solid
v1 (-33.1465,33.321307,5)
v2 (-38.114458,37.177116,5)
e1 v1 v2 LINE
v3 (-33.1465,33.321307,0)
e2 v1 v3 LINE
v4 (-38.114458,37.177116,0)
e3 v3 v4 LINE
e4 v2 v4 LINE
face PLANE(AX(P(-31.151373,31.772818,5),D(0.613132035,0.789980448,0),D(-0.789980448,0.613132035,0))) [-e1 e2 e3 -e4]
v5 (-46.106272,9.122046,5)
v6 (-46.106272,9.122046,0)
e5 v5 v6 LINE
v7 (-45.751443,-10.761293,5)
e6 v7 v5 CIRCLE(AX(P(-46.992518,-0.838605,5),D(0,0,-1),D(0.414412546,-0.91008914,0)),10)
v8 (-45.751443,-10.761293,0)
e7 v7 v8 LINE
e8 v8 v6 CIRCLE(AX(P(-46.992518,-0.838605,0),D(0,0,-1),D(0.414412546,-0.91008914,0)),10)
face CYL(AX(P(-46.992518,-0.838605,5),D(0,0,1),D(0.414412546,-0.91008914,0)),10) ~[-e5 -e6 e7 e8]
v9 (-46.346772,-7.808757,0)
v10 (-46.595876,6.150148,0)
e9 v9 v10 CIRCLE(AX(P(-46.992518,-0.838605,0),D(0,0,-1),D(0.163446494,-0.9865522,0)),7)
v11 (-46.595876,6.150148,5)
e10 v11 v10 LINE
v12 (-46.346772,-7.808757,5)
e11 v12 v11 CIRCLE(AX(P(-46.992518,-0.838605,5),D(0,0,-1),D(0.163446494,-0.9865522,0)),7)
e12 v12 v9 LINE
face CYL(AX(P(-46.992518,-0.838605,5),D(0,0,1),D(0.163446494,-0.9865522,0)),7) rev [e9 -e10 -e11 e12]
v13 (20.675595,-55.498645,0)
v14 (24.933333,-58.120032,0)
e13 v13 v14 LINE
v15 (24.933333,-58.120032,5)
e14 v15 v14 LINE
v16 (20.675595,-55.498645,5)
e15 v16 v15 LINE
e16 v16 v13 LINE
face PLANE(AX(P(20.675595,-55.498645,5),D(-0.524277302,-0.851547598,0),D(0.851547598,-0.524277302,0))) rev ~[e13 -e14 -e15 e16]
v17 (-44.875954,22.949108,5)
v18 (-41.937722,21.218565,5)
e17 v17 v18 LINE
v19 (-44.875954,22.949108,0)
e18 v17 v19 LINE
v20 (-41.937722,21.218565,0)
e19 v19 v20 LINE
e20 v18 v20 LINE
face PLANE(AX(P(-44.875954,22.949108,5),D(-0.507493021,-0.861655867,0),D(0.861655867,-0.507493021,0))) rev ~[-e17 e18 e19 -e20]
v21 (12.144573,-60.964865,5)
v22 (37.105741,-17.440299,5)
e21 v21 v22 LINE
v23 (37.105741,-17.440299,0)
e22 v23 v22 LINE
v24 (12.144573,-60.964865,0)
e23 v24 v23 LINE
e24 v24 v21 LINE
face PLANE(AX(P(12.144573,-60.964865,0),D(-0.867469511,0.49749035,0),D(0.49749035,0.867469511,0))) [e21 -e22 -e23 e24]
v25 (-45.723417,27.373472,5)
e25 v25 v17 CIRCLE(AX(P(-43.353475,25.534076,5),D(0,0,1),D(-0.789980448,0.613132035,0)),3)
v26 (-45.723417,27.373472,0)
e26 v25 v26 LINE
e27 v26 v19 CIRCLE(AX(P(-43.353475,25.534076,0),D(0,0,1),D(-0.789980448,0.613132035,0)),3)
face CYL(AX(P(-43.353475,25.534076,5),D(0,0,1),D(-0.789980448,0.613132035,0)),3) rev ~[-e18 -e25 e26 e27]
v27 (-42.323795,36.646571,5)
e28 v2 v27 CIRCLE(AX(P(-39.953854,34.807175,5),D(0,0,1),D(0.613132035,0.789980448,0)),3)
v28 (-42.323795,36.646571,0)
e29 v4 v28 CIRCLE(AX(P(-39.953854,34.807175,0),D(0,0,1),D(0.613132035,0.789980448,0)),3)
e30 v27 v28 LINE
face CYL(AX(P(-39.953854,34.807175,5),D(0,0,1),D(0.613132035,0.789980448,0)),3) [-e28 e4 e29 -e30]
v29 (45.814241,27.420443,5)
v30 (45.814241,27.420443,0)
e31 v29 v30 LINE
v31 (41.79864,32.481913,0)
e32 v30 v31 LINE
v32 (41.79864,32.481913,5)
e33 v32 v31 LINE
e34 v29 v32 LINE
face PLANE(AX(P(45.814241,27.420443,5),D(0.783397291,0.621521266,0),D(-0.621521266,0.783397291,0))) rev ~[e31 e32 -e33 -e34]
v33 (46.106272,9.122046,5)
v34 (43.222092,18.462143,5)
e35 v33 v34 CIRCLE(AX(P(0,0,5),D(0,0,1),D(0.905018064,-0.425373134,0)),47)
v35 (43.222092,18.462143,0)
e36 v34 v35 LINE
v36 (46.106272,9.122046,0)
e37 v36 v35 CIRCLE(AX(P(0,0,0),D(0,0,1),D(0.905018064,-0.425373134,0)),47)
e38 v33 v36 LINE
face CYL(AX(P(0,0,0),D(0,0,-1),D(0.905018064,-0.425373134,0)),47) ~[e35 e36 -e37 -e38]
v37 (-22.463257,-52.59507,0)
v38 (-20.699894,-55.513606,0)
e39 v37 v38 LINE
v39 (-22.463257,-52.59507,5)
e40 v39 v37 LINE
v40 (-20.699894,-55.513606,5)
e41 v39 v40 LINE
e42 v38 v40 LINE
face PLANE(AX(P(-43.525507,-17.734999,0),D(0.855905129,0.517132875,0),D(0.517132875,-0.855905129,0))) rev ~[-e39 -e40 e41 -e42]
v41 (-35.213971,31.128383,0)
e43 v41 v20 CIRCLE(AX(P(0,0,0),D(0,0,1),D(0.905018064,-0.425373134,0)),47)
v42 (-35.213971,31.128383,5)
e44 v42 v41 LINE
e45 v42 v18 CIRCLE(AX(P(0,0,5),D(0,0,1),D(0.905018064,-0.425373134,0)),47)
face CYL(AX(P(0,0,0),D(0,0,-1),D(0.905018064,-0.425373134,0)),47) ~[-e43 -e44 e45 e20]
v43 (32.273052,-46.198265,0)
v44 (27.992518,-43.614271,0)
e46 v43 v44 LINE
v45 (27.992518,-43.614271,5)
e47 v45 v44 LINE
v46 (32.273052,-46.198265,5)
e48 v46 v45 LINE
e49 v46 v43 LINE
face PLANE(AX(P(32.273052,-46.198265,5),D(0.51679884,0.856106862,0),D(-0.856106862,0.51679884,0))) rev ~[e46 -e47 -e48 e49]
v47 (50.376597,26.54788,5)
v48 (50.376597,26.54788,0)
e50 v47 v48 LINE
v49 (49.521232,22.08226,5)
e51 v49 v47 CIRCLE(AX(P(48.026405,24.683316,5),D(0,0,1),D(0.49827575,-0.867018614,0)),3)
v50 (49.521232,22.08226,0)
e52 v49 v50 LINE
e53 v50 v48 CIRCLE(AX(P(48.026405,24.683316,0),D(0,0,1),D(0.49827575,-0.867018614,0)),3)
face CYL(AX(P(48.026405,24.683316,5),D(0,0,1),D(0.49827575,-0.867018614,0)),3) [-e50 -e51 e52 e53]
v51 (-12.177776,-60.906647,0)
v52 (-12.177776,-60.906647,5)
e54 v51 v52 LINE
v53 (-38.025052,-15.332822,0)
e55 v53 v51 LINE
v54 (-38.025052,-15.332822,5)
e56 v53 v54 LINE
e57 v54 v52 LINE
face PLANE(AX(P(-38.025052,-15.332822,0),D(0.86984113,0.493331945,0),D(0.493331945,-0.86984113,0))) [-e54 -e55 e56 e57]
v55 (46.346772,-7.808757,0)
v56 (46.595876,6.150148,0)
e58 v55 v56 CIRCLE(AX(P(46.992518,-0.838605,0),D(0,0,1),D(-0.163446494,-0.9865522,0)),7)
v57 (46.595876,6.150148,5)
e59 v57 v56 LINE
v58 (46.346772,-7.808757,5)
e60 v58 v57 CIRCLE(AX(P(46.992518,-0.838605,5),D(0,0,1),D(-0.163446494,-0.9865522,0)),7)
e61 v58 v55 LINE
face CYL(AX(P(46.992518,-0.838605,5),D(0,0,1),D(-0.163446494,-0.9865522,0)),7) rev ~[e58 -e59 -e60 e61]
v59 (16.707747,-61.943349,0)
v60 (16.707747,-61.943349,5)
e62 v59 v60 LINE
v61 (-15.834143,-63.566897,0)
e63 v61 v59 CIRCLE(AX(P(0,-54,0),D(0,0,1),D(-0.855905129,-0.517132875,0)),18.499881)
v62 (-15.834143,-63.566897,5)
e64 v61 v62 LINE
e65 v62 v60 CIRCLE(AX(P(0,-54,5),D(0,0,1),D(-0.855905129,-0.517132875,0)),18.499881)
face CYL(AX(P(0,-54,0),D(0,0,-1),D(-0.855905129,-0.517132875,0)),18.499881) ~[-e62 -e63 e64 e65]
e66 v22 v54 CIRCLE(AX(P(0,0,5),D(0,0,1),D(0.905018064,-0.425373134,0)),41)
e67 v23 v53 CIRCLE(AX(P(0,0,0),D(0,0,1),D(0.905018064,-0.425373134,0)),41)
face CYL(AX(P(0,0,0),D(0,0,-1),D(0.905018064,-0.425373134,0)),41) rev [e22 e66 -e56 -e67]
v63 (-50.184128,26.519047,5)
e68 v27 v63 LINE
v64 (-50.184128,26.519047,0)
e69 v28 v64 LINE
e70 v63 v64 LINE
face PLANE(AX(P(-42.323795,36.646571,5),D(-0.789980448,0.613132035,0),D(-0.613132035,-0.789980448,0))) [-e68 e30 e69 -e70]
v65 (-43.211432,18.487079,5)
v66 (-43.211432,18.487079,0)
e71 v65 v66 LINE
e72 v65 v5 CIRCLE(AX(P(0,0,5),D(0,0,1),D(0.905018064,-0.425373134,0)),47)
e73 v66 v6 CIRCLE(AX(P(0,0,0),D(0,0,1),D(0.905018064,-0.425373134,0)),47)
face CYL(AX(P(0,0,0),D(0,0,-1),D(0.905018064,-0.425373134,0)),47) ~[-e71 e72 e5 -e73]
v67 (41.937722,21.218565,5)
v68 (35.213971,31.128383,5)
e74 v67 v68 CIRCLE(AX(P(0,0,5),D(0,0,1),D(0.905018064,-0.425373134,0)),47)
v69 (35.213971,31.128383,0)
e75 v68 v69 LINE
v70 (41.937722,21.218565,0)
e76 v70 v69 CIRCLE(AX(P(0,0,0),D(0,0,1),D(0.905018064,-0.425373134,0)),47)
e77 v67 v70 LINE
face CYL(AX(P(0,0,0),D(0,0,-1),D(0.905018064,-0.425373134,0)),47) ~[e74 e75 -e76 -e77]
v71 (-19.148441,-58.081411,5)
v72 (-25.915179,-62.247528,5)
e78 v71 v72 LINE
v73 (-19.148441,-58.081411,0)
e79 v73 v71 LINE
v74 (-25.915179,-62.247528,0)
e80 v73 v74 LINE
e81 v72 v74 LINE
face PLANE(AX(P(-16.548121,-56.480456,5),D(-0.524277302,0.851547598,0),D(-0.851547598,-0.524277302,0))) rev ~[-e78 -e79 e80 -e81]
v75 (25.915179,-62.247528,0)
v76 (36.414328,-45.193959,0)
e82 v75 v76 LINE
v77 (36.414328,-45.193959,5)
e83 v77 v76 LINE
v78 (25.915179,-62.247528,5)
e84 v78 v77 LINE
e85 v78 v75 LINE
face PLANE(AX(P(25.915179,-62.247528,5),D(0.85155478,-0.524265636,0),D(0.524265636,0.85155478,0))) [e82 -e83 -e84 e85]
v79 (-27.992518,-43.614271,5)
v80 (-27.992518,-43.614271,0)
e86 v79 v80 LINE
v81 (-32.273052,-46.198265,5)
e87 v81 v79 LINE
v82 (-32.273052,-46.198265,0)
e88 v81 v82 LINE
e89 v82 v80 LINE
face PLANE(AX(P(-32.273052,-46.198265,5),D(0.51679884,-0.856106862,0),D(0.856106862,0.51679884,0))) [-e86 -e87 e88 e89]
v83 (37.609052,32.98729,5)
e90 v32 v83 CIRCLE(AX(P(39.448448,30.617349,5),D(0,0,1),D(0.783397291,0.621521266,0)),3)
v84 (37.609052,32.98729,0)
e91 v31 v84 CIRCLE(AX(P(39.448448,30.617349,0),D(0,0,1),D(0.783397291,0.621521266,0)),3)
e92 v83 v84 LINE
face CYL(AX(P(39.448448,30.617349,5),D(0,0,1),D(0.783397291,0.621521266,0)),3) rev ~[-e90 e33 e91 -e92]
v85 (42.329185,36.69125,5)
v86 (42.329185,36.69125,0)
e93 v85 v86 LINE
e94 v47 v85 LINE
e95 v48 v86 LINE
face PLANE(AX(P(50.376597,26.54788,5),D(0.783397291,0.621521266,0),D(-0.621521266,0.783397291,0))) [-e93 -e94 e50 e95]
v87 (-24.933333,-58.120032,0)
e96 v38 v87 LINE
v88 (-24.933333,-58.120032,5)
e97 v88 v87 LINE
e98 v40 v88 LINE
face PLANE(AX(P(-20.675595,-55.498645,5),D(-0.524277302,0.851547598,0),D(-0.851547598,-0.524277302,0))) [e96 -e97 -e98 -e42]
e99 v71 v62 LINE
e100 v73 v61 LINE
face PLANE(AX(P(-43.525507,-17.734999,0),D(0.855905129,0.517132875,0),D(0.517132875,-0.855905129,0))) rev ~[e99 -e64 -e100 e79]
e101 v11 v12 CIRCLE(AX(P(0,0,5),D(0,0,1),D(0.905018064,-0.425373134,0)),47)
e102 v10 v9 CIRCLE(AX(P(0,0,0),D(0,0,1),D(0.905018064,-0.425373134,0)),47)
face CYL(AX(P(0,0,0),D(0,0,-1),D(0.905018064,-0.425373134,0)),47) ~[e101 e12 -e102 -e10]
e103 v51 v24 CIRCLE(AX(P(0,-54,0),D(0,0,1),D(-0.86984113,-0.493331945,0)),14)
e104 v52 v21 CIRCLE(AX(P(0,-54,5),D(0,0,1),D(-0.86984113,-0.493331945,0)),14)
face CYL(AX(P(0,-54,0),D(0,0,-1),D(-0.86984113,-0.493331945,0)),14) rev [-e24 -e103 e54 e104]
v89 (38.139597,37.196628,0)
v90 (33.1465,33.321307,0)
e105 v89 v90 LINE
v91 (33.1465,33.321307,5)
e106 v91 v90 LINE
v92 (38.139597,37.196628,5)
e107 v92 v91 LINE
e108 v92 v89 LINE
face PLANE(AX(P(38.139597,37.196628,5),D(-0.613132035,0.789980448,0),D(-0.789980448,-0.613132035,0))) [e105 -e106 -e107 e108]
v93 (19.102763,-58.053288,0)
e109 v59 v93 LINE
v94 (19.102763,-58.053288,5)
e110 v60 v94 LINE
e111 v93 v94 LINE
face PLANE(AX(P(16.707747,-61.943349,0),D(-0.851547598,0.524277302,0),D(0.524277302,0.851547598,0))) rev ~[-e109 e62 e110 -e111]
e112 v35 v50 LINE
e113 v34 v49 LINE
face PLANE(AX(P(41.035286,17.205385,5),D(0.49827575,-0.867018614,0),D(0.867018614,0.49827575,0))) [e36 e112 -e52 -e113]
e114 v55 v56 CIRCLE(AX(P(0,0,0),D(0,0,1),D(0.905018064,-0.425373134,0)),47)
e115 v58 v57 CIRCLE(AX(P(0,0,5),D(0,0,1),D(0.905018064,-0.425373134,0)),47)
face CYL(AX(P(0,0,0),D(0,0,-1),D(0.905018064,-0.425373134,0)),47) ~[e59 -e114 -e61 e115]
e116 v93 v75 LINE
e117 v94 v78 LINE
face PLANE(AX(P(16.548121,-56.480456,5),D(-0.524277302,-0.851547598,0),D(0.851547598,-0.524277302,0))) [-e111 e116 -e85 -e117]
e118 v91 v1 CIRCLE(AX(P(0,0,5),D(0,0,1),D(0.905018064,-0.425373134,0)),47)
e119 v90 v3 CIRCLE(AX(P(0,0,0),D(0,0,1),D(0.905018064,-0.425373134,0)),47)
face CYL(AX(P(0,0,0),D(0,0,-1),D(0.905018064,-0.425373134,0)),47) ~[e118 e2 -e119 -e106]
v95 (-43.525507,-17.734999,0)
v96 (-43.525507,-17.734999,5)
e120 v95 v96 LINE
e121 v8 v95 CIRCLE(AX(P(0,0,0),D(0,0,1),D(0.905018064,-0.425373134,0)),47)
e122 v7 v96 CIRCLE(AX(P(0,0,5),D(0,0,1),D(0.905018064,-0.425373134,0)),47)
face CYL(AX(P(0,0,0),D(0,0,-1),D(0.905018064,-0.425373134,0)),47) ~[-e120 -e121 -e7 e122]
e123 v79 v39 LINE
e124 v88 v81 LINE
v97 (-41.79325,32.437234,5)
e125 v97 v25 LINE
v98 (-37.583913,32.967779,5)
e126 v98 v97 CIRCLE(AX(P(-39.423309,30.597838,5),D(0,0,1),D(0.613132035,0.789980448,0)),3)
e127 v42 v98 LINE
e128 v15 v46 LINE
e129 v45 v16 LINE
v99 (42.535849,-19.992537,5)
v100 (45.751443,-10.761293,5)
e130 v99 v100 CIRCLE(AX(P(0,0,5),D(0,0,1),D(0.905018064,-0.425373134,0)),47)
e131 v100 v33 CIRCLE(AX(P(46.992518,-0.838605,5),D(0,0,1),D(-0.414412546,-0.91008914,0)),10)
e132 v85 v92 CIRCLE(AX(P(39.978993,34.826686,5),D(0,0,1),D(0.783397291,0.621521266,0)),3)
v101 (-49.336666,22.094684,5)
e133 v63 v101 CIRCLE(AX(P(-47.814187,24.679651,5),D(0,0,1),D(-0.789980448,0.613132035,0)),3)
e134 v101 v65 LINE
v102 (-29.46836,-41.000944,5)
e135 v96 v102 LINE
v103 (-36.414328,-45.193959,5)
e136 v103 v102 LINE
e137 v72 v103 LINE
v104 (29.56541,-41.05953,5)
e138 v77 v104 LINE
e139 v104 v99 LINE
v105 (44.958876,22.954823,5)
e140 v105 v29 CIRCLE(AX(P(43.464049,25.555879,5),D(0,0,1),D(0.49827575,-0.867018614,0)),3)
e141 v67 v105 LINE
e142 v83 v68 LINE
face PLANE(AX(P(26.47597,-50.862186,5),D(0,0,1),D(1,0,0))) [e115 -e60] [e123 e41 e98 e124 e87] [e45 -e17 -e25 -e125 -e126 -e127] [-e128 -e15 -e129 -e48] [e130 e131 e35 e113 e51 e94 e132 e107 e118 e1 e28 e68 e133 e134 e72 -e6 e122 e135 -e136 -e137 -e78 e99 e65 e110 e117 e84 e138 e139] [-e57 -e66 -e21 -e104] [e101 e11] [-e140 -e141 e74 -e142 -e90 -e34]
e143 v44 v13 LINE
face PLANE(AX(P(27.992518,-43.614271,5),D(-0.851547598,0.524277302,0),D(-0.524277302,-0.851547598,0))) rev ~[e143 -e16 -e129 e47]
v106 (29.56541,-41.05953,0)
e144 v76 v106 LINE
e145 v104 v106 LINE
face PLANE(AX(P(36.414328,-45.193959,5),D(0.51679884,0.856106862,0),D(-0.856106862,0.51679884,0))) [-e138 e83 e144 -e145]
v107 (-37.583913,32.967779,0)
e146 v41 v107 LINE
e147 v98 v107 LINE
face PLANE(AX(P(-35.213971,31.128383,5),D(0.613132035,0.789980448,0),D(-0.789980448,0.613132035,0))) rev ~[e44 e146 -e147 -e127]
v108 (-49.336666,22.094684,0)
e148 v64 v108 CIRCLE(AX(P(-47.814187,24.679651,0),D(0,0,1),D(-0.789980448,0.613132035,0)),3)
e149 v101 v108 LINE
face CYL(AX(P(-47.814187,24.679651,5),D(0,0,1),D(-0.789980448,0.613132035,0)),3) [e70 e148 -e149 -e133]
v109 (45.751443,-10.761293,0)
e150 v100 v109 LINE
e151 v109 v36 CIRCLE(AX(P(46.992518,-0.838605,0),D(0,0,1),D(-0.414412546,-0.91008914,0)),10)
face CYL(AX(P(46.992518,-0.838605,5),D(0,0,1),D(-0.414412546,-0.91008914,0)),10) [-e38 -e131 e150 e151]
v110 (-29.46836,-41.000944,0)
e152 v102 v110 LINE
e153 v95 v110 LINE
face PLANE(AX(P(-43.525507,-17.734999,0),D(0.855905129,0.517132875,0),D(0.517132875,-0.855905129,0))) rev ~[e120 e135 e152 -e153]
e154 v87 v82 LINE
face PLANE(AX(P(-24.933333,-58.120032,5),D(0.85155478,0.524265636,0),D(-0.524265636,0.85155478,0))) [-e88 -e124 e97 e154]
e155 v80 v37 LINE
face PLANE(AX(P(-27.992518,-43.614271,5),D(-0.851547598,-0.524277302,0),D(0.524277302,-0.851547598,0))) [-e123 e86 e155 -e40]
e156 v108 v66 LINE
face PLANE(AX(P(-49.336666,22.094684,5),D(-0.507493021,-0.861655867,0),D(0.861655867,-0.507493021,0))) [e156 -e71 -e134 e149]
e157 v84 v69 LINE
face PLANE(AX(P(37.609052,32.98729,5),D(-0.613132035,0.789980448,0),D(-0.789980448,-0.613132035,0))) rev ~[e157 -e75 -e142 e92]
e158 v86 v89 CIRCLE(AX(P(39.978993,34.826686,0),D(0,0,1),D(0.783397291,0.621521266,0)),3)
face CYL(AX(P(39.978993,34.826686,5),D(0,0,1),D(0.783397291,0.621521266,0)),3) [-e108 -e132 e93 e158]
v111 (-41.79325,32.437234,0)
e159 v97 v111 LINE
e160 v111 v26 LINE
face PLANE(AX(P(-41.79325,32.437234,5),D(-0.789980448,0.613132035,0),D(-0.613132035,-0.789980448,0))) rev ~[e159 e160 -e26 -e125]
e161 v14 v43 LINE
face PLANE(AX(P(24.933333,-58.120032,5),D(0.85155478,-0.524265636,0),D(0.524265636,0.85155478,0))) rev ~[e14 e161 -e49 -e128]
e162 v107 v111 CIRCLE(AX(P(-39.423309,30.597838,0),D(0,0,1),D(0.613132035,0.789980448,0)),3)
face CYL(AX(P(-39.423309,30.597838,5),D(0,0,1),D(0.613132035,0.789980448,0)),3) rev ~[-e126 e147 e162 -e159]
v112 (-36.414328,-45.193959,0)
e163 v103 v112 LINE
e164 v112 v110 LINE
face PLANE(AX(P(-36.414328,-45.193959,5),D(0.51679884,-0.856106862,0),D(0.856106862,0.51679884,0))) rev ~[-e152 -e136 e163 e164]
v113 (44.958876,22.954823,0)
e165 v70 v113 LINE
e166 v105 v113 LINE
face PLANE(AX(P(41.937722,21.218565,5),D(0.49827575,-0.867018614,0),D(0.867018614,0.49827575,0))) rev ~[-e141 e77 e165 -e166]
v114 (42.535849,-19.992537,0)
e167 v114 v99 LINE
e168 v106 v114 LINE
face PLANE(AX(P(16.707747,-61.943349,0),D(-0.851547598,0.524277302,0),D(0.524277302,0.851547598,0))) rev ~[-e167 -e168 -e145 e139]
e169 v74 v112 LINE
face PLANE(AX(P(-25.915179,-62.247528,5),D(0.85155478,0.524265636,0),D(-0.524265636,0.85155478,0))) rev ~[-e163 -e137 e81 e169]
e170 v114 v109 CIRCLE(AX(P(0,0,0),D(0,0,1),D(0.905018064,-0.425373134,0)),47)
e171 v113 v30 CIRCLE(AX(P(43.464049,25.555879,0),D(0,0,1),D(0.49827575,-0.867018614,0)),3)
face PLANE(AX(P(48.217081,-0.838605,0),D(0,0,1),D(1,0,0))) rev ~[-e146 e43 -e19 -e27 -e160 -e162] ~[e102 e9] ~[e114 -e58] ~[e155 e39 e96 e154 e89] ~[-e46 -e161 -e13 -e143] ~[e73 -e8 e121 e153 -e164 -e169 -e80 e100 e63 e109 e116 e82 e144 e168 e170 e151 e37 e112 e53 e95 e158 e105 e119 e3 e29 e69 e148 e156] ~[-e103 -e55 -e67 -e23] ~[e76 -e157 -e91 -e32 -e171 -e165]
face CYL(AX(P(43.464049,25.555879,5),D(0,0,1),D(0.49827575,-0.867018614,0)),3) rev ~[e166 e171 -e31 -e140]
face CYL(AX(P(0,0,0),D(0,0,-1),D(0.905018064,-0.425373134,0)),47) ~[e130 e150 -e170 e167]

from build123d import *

# Parameters (mm, degrees)
BOSS_EXTRUDE1_DEPTH = 5
BOSS_EXTRUDE2_DEPTH = 5
BOSS_EXTRUDE3_DEPTH = 5
BOSS_EXTRUDE4_DEPTH = 5


with BuildPart() as part:
    # Sketch1 → Boss-Extrude1 (new body)
    with BuildSketch(Plane.XY):
        with BuildLine():
            Line((-43.525507403, -17.734999444), (-15.834143063, -63.566896663))
            ThreePointArc((-15.834143063, -63.566896663), (0.921831184, -72.476899782), (16.707746892, -61.94334892))
            Line((16.707746892, -61.94334892), (42.535849019, -19.992537313))
            ThreePointArc((42.535849019, -19.992537313), (1.232467134, 46.98383791), (-43.525507403, -17.734999444))
        make_face()
        with BuildLine():
            Line((-38.025051761, -15.332822263), (-12.177775824, -60.906647231))
            ThreePointArc((-12.177775824, -60.906647231), (-0.033510124, -67.999959895), (12.144573151, -60.964864893))
            Line((12.144573151, -60.964864893), (37.105740634, -17.440298507))
            ThreePointArc((37.105740634, -17.440298507), (1.149629187, 40.983879181), (-38.025051761, -15.332822263))
        make_face(mode=Mode.SUBTRACT)
    extrude(amount=BOSS_EXTRUDE1_DEPTH)

    # Sketch2 → Boss-Extrude2 (add)
    # profile 1 of 2: a face of its own
    with BuildSketch(Plane.XY.offset(5)):
        Polygon((25.915179254, -62.247528006), (36.414328126, -45.193958627), (26.996991102, -39.509073876), (16.548120684, -56.480456141), align=None)
        Polygon((27.992517968, -43.614270651), (20.675595382, -55.498645253), (24.93333337, -58.120031762), (32.273052279, -46.198264849), align=None, mode=Mode.SUBTRACT)
    # profile 2 of 2: a face of its own
    with BuildSketch(Plane.XY.offset(5)):
        Polygon((-16.548120684, -56.480456141), (-25.915179254, -62.247528006), (-36.414328126, -45.193958627), (-26.996991102, -39.509073876), align=None)
        Polygon((-32.273052279, -46.198264849), (-27.992517968, -43.614270651), (-20.675595382, -55.498645253), (-24.93333337, -58.120031762), align=None, mode=Mode.SUBTRACT)
    extrude(amount=-BOSS_EXTRUDE2_DEPTH)

    # Sketch3 → Boss-Extrude3 (add)
    # profile 1 of 2: a face of its own
    with BuildSketch(Plane.XY.offset(5)):
        with BuildLine():
            Line((-31.151373165, 31.772817784), (-38.114457897, 37.177116489))
            ThreePointArc((-38.114457897, 37.177116489), (-40.329006137, 37.783626199), (-42.323795344, 36.64657125))
            Line((-42.323795344, 36.64657125), (-50.184128352, 26.519047267))
            ThreePointArc((-50.184128352, 26.519047267), (-50.760622602, 24.115277799), (-49.336666072, 22.094683561))
            Line((-49.336666072, 22.094683561), (-41.03528616, 17.205385487))
            Line((-41.03528616, 17.205385487), (-31.151373165, 31.772817784))
        make_face()
        with BuildLine():
            Line((-35.213971315, 31.128382936), (-37.583912658, 32.967779041))
            ThreePointArc((-37.583912658, 32.967779041), (-39.798460899, 33.574288752), (-41.793250106, 32.437233803))
            Line((-41.793250106, 32.437233803), (-45.72341661, 27.373471811))
            ThreePointArc((-45.72341661, 27.373471811), (-46.29991086, 24.969702343), (-44.87595433, 22.949108105))
            Line((-44.87595433, 22.949108105), (-41.937721652, 21.218565047))
            Line((-41.937721652, 21.218565047), (-35.213971315, 31.128382936))
        make_face(mode=Mode.SUBTRACT)
    # profile 2 of 2: a face of its own
    with BuildSketch(Plane.XY.offset(5)):
        with BuildLine():
            Line((31.151373165, 31.772817784), (41.03528616, 17.205385487))
            Line((41.03528616, 17.205385487), (49.521231884, 22.082259987))
            ThreePointArc((49.521231884, 22.082259987), (50.972840228, 24.118942465), (50.376596508, 26.547879626))
            Line((50.376596508, 26.547879626), (42.329184832, 36.691250185))
            ThreePointArc((42.329184832, 36.691250185), (40.338269585, 37.80509541), (38.139596853, 37.19662773))
            Line((38.139596853, 37.19662773), (31.151373165, 31.772817784))
        make_face()
        with BuildLine():
            Line((35.213971315, 31.128382936), (41.937721652, 21.218565047))
            Line((41.937721652, 21.218565047), (44.9588763, 22.954823155))
            ThreePointArc((44.9588763, 22.954823155), (46.410484644, 24.991505634), (45.814240924, 27.420442794))
            Line((45.814240924, 27.420442794), (41.798639593, 32.481912737))
            ThreePointArc((41.798639593, 32.481912737), (39.807724347, 33.595757962), (37.609051614, 32.987290283))
            Line((37.609051614, 32.987290283), (35.213971315, 31.128382936))
        make_face(mode=Mode.SUBTRACT)
    extrude(amount=-BOSS_EXTRUDE3_DEPTH)

    # Sketch4 → Boss-Extrude4 (add)
    # profile 1 of 2: a face of its own
    with BuildSketch(Plane.XY.offset(5)):
        with BuildLine():
            Line((42.848392472, 8.262286082), (42.848392472, -9.939496711))
            ThreePointArc((42.848392472, -9.939496711), (56.992517927, -0.838605315), (42.848392472, 8.262286082))
        make_face()
        with BuildLine():
            Line((45.848392472, 6.067260087), (45.848392472, -7.744470716))
            ThreePointArc((45.848392472, -7.744470716), (53.992517927, -0.838605315), (45.848392472, 6.067260087))
        make_face(mode=Mode.SUBTRACT)
    # profile 2 of 2: a face of its own
    with BuildSketch(Plane.XY.offset(5)):
        with BuildLine():
            Line((-42.848392472, 8.262286082), (-42.848392472, -9.939496711))
            ThreePointArc((-42.848392472, -9.939496711), (-56.992517927, -0.838605315), (-42.848392472, 8.262286082))
        make_face()
        with BuildLine():
            Line((-45.848392472, 6.067260087), (-45.848392472, -7.744470716))
            ThreePointArc((-45.848392472, -7.744470716), (-53.992517927, -0.838605315), (-45.848392472, 6.067260087))
        make_face(mode=Mode.SUBTRACT)
    extrude(amount=-BOSS_EXTRUDE4_DEPTH)


solid = part.part
